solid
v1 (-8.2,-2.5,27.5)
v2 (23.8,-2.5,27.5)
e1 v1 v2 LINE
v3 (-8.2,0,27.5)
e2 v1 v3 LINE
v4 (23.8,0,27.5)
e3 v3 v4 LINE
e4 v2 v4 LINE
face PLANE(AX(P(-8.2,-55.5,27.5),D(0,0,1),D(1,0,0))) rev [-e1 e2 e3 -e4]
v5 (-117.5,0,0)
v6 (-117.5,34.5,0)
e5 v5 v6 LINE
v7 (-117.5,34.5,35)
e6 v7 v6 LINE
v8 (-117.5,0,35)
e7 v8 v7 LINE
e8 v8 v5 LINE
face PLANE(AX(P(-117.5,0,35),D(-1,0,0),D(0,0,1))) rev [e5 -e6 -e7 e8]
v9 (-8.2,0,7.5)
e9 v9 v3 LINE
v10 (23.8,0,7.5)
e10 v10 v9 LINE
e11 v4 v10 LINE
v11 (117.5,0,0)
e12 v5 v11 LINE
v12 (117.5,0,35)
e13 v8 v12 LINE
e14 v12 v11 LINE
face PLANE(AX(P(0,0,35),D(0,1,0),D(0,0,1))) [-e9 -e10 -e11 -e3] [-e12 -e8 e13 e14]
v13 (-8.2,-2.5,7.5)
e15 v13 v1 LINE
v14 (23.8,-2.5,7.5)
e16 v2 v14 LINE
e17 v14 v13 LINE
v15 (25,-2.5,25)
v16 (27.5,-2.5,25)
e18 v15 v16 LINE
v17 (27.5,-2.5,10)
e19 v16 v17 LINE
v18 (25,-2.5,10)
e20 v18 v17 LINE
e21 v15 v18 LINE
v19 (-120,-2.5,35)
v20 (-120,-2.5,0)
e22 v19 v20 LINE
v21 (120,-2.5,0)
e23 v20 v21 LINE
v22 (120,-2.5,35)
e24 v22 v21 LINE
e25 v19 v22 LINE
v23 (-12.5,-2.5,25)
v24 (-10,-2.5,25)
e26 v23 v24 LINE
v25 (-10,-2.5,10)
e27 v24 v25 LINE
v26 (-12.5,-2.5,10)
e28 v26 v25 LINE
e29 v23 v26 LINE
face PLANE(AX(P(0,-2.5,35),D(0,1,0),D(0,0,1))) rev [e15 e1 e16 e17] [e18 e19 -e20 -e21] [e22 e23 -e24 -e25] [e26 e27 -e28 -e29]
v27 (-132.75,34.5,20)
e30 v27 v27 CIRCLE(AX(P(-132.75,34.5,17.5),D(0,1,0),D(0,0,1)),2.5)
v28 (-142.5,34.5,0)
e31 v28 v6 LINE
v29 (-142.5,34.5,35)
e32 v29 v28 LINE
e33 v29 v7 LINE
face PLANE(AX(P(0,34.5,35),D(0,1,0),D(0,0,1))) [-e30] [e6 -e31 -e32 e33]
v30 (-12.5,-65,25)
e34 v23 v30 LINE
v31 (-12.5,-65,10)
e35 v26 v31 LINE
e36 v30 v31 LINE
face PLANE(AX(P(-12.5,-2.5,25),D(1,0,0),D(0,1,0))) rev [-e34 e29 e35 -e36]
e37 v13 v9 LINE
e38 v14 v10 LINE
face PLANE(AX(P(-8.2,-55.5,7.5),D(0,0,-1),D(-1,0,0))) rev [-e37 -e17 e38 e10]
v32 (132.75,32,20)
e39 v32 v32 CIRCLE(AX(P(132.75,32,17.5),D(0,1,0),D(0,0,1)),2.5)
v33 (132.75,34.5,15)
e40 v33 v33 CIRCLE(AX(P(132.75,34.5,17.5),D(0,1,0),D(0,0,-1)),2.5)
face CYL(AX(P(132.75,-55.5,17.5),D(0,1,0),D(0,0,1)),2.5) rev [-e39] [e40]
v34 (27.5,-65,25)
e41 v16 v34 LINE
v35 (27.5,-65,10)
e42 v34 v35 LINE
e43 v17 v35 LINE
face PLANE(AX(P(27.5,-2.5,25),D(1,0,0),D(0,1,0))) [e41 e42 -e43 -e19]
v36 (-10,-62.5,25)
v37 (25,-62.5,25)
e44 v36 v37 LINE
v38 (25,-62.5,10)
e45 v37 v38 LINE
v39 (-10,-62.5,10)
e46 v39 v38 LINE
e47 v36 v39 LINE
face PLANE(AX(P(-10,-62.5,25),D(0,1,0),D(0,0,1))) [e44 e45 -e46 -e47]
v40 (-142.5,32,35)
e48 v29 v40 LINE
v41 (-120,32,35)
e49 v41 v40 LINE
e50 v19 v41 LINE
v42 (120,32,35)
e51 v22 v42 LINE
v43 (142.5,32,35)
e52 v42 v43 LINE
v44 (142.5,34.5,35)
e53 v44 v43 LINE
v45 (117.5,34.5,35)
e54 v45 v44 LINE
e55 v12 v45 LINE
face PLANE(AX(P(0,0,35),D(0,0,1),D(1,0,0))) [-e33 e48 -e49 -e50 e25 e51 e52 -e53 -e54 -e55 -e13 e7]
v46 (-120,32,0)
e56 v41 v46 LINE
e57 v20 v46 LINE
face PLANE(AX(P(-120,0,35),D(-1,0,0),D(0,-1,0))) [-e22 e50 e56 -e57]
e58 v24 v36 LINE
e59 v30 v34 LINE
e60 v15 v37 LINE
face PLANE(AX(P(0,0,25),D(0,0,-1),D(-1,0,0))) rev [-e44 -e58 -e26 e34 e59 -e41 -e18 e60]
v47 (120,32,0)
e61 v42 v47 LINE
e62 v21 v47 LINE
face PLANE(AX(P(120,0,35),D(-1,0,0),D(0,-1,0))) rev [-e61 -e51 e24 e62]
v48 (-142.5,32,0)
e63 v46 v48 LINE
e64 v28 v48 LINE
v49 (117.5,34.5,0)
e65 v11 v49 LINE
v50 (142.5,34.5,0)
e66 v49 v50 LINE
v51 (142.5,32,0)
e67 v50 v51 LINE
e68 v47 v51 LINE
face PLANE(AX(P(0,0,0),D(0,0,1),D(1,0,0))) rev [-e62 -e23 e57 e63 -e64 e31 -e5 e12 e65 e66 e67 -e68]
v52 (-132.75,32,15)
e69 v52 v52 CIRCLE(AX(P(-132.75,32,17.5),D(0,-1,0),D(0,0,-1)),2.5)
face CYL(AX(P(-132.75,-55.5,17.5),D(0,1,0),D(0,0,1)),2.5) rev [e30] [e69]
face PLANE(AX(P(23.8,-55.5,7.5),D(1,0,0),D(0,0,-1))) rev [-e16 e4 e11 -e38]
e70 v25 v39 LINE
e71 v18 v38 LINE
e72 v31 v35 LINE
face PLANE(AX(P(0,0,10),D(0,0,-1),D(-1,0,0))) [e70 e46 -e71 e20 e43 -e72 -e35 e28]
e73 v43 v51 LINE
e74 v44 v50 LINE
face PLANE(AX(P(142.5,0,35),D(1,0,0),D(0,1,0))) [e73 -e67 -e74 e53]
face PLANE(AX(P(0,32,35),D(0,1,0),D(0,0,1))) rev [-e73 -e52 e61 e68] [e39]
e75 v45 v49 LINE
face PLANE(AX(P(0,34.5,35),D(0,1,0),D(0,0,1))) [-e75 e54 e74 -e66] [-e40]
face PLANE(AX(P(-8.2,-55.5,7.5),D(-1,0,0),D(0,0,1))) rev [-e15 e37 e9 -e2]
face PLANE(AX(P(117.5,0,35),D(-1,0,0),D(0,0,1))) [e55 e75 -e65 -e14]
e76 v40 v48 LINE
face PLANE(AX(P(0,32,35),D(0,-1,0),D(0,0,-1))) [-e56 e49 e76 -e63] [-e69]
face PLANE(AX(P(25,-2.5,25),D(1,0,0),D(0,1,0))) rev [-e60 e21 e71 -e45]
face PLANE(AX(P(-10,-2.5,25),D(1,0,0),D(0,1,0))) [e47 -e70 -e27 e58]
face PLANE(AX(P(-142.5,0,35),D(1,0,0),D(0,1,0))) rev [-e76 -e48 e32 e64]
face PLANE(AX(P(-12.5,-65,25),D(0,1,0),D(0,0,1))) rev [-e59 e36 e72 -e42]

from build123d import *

# Parameters (mm, degrees)
BOSS_EXTRUDE1_DEPTH = 35
SKETCH2_R           = 2.5
SKETCH2_W           = 32
SKETCH2_H           = 20
CUT_EXTRUDE1_DEPTH  = 90
BOSS_EXTRUDE2_DEPTH = 7.5


with BuildPart() as part:
    # Sketch1 → Boss-Extrude1 (new body)
    with BuildSketch(Plane.XY):
        Polygon((117.5, 0), (-117.5, 0), (-117.5, 34.5), (-142.5, 34.5), (-142.5, 32), (-120, 32), (-120, -2.5), (120, -2.5), (120, 32), (142.5, 32), (142.5, 34.5), (117.5, 34.5), align=None)
    extrude(amount=BOSS_EXTRUDE1_DEPTH)

    # Sketch2 → Cut-Extrude1 (cut)
    with BuildSketch(Plane(origin=(0, 34.5, 0), x_dir=(1, 0, 0), z_dir=(0, 1, 0))):
        with Locations((-132.75, -17.5)):
            Circle(SKETCH2_R)
        with Locations((132.75, -17.5)):
            Circle(SKETCH2_R)
        with Locations((7.8, -17.5)):
            Rectangle(SKETCH2_W, SKETCH2_H)
    extrude(amount=-CUT_EXTRUDE1_DEPTH, mode=Mode.SUBTRACT)

    # Sketch4 → Boss-Extrude2 (add, symmetric)
    with BuildSketch(Plane.XY.offset(17.5)):
        Polygon((-12.5, -2.5), (-12.5, -65), (27.5, -65), (27.5, -2.5), (25, -2.5), (25, -62.5), (-10, -62.5), (-10, -2.5), align=None)
    extrude(amount=BOSS_EXTRUDE2_DEPTH, both=True)


solid = part.part
